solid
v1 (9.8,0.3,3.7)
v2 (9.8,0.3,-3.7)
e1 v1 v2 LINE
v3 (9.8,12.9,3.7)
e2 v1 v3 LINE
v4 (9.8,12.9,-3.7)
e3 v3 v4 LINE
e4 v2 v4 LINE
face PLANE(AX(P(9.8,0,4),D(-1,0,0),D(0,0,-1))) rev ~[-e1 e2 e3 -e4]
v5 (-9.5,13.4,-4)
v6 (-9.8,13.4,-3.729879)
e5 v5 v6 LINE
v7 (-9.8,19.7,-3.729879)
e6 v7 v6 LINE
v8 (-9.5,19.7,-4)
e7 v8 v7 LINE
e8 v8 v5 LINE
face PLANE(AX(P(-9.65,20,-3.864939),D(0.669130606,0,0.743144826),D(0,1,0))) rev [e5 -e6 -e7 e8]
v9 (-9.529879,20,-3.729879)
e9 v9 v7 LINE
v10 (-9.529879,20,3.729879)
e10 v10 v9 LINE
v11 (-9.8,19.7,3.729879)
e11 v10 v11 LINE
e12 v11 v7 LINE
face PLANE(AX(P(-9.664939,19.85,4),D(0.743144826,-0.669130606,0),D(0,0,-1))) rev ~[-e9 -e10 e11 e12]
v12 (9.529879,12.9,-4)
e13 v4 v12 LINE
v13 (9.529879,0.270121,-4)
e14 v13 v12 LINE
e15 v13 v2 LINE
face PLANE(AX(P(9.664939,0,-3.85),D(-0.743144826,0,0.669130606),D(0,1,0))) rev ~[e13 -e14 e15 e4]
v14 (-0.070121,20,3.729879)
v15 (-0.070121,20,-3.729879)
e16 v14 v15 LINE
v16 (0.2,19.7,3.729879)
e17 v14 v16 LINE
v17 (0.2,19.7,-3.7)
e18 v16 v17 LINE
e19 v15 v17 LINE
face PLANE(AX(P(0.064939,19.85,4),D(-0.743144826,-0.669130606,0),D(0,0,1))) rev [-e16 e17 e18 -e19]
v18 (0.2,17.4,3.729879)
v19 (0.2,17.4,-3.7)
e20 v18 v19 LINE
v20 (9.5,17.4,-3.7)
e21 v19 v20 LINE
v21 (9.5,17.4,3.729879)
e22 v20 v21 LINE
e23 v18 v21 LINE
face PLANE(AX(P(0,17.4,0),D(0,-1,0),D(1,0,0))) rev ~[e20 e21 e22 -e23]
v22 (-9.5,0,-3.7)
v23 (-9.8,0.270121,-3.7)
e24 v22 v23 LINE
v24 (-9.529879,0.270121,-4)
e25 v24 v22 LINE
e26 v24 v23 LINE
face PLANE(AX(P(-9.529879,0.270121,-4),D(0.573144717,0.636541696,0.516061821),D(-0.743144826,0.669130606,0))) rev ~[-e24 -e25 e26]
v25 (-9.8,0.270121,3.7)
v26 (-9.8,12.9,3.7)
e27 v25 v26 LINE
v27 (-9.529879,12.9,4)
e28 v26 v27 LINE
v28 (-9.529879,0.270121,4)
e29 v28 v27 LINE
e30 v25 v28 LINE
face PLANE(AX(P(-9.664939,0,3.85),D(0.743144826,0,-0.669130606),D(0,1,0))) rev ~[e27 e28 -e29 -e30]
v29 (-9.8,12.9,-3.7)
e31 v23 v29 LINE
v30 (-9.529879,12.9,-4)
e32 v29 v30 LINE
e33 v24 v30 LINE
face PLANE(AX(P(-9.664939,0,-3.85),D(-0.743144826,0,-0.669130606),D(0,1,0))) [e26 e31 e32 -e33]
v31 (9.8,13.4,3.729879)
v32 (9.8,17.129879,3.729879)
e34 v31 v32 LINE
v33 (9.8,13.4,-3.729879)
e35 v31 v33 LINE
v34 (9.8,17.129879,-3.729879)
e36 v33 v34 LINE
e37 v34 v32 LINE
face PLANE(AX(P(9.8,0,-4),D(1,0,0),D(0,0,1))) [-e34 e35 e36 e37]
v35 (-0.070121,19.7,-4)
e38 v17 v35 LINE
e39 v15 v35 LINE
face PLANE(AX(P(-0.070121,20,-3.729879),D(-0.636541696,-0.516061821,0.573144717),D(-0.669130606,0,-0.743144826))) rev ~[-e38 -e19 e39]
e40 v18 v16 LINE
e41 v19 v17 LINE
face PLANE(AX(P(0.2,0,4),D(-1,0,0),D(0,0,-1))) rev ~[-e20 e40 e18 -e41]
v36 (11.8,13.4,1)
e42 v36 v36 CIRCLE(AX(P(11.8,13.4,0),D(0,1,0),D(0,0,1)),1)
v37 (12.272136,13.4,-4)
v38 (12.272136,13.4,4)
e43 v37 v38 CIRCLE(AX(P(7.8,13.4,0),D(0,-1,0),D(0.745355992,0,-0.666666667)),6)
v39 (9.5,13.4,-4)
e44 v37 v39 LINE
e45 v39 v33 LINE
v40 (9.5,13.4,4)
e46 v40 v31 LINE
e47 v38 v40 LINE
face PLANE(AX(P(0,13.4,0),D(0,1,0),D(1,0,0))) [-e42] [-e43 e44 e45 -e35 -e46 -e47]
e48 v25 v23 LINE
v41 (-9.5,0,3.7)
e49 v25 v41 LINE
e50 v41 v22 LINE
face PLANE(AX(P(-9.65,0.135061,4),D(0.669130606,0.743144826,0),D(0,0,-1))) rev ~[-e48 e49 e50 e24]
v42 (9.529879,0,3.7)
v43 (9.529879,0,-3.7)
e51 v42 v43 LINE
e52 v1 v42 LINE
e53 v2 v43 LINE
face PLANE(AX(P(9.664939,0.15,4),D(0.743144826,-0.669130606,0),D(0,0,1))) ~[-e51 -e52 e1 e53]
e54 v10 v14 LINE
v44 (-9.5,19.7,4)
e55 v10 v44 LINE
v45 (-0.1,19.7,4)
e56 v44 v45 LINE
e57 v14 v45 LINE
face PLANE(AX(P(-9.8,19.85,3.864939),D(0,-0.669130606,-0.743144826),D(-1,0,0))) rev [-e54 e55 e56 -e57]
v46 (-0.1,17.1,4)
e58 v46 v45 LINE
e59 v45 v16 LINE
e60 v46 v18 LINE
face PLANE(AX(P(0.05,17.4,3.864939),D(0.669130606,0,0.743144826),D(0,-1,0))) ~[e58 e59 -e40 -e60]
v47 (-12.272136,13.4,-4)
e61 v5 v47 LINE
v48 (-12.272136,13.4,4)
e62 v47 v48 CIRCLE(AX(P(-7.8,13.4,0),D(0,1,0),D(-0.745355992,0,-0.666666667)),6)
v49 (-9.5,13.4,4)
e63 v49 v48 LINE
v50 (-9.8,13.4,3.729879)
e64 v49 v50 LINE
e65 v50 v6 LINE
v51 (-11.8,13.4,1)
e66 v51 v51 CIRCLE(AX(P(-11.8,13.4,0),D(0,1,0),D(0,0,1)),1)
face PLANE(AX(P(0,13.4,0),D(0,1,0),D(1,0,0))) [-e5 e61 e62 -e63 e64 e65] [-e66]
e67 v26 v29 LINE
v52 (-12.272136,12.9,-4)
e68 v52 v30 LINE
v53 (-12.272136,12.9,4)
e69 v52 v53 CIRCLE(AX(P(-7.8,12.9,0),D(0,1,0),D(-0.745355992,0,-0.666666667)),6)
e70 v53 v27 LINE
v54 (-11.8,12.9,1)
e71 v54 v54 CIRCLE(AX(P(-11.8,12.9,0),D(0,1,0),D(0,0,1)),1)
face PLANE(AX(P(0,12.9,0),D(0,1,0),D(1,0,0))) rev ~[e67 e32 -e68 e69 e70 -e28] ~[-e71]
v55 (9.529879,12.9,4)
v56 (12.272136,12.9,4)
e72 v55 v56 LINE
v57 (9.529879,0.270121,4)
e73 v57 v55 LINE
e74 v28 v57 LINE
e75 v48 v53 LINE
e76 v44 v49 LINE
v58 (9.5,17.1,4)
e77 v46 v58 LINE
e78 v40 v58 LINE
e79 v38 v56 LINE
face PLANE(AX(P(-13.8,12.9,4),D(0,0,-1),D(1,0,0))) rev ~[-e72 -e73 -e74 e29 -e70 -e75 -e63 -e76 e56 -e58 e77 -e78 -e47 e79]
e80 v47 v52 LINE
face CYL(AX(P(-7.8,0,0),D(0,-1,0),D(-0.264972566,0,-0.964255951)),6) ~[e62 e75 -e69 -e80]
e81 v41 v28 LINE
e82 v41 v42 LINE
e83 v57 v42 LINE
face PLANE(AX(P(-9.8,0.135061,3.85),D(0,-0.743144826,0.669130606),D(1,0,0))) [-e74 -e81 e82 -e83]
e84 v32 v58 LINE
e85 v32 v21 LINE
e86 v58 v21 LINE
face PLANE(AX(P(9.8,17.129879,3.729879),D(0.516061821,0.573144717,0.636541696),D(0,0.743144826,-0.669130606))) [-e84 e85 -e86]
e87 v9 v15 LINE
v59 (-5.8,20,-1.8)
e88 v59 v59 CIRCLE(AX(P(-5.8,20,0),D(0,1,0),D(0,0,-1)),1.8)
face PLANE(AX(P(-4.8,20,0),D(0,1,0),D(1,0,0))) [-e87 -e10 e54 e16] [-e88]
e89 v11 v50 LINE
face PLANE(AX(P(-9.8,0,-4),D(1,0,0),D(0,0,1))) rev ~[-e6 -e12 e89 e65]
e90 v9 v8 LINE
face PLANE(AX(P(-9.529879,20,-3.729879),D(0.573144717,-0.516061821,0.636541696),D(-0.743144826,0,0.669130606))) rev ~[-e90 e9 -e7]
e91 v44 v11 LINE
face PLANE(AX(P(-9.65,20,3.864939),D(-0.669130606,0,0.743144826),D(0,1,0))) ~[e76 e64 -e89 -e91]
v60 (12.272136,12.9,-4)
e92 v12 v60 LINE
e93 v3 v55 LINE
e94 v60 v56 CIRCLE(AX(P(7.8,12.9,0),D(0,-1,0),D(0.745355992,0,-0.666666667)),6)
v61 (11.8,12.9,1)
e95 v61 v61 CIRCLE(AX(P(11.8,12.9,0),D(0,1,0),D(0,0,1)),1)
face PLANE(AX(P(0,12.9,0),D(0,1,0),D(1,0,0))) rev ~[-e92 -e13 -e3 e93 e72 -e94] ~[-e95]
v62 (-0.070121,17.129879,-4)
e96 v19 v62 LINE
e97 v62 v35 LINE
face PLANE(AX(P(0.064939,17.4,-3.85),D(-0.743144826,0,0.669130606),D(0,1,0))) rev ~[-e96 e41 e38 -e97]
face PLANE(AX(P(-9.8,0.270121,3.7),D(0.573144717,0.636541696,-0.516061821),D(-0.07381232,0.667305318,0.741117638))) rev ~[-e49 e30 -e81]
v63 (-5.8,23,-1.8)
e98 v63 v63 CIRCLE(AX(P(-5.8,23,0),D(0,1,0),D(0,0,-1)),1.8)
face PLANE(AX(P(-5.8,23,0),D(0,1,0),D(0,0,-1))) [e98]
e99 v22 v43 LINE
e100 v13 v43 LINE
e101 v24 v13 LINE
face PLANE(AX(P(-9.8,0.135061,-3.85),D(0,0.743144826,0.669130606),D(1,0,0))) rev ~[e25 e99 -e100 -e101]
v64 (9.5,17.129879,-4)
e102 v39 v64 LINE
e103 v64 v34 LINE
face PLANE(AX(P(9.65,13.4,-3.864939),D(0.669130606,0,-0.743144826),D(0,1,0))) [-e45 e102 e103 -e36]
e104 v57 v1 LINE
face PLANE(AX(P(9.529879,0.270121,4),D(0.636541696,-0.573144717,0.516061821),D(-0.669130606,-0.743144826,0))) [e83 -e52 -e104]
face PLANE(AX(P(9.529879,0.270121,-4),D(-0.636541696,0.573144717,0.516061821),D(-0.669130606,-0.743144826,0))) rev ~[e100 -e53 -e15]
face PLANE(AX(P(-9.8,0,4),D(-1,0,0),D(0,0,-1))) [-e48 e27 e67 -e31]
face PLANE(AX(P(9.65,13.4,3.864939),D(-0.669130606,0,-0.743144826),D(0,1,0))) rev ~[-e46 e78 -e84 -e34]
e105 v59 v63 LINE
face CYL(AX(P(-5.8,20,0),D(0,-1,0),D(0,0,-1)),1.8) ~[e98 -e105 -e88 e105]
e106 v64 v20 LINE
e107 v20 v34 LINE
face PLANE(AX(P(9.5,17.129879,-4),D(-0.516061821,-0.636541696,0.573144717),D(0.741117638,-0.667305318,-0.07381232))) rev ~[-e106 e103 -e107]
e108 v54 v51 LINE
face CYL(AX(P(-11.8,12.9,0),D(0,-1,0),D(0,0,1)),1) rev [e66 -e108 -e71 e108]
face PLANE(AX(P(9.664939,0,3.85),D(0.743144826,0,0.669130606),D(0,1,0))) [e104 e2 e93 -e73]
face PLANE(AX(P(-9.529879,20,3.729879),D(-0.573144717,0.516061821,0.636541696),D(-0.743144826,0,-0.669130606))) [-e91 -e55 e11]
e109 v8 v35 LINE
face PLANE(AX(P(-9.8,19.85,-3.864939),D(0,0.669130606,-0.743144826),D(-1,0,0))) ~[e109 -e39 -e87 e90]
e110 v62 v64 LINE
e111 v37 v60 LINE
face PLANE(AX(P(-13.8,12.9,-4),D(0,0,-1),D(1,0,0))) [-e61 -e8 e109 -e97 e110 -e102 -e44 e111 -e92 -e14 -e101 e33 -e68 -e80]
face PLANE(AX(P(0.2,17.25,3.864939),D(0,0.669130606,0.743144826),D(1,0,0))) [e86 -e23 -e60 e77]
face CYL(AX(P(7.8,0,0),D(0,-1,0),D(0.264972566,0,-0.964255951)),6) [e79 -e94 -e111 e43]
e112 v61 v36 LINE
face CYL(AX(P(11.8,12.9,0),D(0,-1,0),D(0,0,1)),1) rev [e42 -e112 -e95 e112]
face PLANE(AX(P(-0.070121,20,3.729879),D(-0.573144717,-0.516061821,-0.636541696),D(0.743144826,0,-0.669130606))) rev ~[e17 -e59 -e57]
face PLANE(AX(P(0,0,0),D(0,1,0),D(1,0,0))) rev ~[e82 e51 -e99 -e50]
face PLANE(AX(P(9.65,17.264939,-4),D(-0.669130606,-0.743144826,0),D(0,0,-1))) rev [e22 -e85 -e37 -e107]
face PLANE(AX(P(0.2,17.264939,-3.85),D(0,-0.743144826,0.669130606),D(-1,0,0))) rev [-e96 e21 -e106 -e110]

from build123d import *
from OCP.BRepFilletAPI import BRepFilletAPI_MakeChamfer

# Parameters (mm, degrees)
SKETCH_1_W          = 19.6
SKETCH_1_H          = 8
EXTRUDE_1_DEPTH     = 12.9
SKETCH_2_W          = 27.6
SKETCH_2_H          = 8
SKETCH_2_R          = 1
EXTRUDE_2_DEPTH     = 0.5
SKETCH_3_W          = 19.6
SKETCH_3_H          = 8
EXTRUDE_3_DEPTH     = 17.4
SKETCH_4_W          = 10
SKETCH_4_H          = 8
EXTRUDE_5_DEPTH     = 20
SKETCH_6_R          = 1.8
EXTRUDE_6_DEPTH     = 3
CUT_EXTRUDE_2_DEPTH = 17
CHAMFER_1_SIZE      = 0.3
CHAMFER_1_SIZE2     = 0.270121213


with BuildPart() as part:
    # 草图1 → 凸台-拉伸1 (new body)
    with BuildSketch(Plane(origin=(0, 0, 0), x_dir=(1, 0, 0), z_dir=(0, 1, 0))):
        Rectangle(SKETCH_1_W, SKETCH_1_H)
    extrude(amount=EXTRUDE_1_DEPTH)

    # 草图2 → 凸台-拉伸2 (add)
    with BuildSketch(Plane(origin=(0, 12.9, 0), x_dir=(1, 0, 0), z_dir=(0, 1, 0))):
        Rectangle(SKETCH_2_W, SKETCH_2_H)
        with Locations(Location((-11.8, 0, 0), (0, 0, 270))):
            Circle(SKETCH_2_R, mode=Mode.SUBTRACT)
        with Locations(Location((11.8, 0, 0), (0, 0, 270))):
            Circle(SKETCH_2_R, mode=Mode.SUBTRACT)
    extrude(amount=EXTRUDE_2_DEPTH)

    # 草图3 → 凸台-拉伸3 (add)
    with BuildSketch(Plane.XZ):
        Rectangle(SKETCH_3_W, SKETCH_3_H)
    extrude(amount=-EXTRUDE_3_DEPTH)

    # 草图4 → 凸台-拉伸5 (add)
    with BuildSketch(Plane(origin=(0, 0, 0), x_dir=(1, 0, 0), z_dir=(0, 1, 0))):
        with Locations((-4.8, 0)):
            Rectangle(SKETCH_4_W, SKETCH_4_H)
    extrude(amount=EXTRUDE_5_DEPTH)

    # 草图6 → 凸台-拉伸6 (add)
    with BuildSketch(Plane(origin=(0, 20, 0), x_dir=(1, 0, 0), z_dir=(0, 1, 0))):
        with Locations(Location((-5.8, 0, 0), (0, 0, 90))):
            Circle(SKETCH_6_R)
    extrude(amount=EXTRUDE_6_DEPTH)

    # 草图7 → 切除-拉伸2 (cut)
    with BuildSketch(Plane.XZ):
        with BuildLine():
            Line((14.367004184, -5.785535706), (9.389835398, -5.785535706))
            ThreePointArc((9.389835398, -5.785535706), (13.783545245, -0.444056645), (10.226439047, 5.487476064))
            Line((10.226439047, 5.487476064), (14.54010062, 5.487476064))
            Line((14.54010062, 5.487476064), (14.367004184, -5.785535706))
        make_face()
        with BuildLine():
            Line((-10.226439047, 5.487476064), (-14.54010062, 5.487476064))
            Line((-14.54010062, 5.487476064), (-14.367004184, -5.785535706))
            Line((-14.367004184, -5.785535706), (-9.389835398, -5.785535706))
            ThreePointArc((-9.389835398, -5.785535706), (-13.783545245, -0.444056645), (-10.226439047, 5.487476064))
        make_face()
    extrude(amount=-CUT_EXTRUDE_2_DEPTH, mode=Mode.SUBTRACT)

    # 倒角1: one chamfer whose edges measure the first distance from different faces: ONE call of the kernel's chamfer builder (chamfer() names one face for all edges)
    chamfer_1_edges_1 = [part.edges().sort_by_distance(p)[0] for p in [
        (9.8, 15.4, -4),
        (-9.8, 16.7, -4),
        (-4.8, 20, -4),
    ]]
    chamfer_1_side_1 = [part.faces().sort_by_distance(p)[0] for p in [
        (-0.337742628, 9.433402177, -4),
    ]]
    chamfer_1_edges_2 = [part.edges().sort_by_distance(p)[0] for p in [
        (-9.8, 16.7, 4),
        (5, 17.4, 4),
        (9.8, 15.4, 4),
        (0.2, 18.7, 4),
        (-4.8, 20, 4),
    ]]
    chamfer_1_side_2 = [part.faces().sort_by_distance(p)[0] for p in [
        (-0.337742628, 9.433402177, 4),
    ]]
    chamfer_1_edges_3 = [part.edges().sort_by_distance(p)[0] for p in [
        (9.8, 17.4, 0),
        (5, 17.4, -4),
    ]]
    chamfer_1_side_3 = [part.faces().sort_by_distance(p)[0] for p in [
        (5, 17.4, 0),
    ]]
    chamfer_1_edges_4 = [part.edges().sort_by_distance(p)[0] for p in [
        (0, 0, 4),
        (-9.8, 0, 0),
        (0, 0, -4),
    ]]
    chamfer_1_side_4 = [part.faces().sort_by_distance(p)[0] for p in [
        (0, 0, 0),
    ]]
    chamfer_1_edges_5 = [part.edges().sort_by_distance(p)[0] for p in [
        (0.2, 18.7, -4),
        (0.2, 20, 0),
    ]]
    chamfer_1_side_5 = [part.faces().sort_by_distance(p)[0] for p in [
        (0.2, 18.7, 0),
    ]]
    chamfer_1_edges_6 = [part.edges().sort_by_distance(p)[0] for p in [
        (9.8, 0, 0),
        (9.8, 6.45, 4),
        (9.8, 6.45, -4),
    ]]
    chamfer_1_side_6 = [part.faces().sort_by_distance(p)[0] for p in [
        (9.8, 6.45, 0),
    ]]
    chamfer_1_edges_7 = [part.edges().sort_by_distance(p)[0] for p in [
        (-9.8, 20, 0),
    ]]
    chamfer_1_side_7 = [part.faces().sort_by_distance(p)[0] for p in [
        (-9.8, 16.7, 0),
    ]]
    chamfer_1_edges_8 = [part.edges().sort_by_distance(p)[0] for p in [
        (-9.8, 6.45, 4),
        (-9.8, 6.45, -4),
    ]]
    chamfer_1_side_8 = [part.faces().sort_by_distance(p)[0] for p in [
        (-9.8, 6.45, 0),
    ]]
    chamfer_1 = BRepFilletAPI_MakeChamfer(part.part.solid().wrapped)
    for e in chamfer_1_edges_1:
        chamfer_1.Add(CHAMFER_1_SIZE, CHAMFER_1_SIZE2, e.wrapped, chamfer_1_side_1[0].wrapped)  # the first distance lies on this face
    for e in chamfer_1_edges_2:
        chamfer_1.Add(CHAMFER_1_SIZE, CHAMFER_1_SIZE2, e.wrapped, chamfer_1_side_2[0].wrapped)  # the first distance lies on this face
    for e in chamfer_1_edges_3:
        chamfer_1.Add(CHAMFER_1_SIZE, CHAMFER_1_SIZE2, e.wrapped, chamfer_1_side_3[0].wrapped)  # the first distance lies on this face
    for e in chamfer_1_edges_4:
        chamfer_1.Add(CHAMFER_1_SIZE, CHAMFER_1_SIZE2, e.wrapped, chamfer_1_side_4[0].wrapped)  # the first distance lies on this face
    for e in chamfer_1_edges_5:
        chamfer_1.Add(CHAMFER_1_SIZE, CHAMFER_1_SIZE2, e.wrapped, chamfer_1_side_5[0].wrapped)  # the first distance lies on this face
    for e in chamfer_1_edges_6:
        chamfer_1.Add(CHAMFER_1_SIZE, CHAMFER_1_SIZE2, e.wrapped, chamfer_1_side_6[0].wrapped)  # the first distance lies on this face
    for e in chamfer_1_edges_7:
        chamfer_1.Add(CHAMFER_1_SIZE, CHAMFER_1_SIZE2, e.wrapped, chamfer_1_side_7[0].wrapped)  # the first distance lies on this face
    for e in chamfer_1_edges_8:
        chamfer_1.Add(CHAMFER_1_SIZE, CHAMFER_1_SIZE2, e.wrapped, chamfer_1_side_8[0].wrapped)  # the first distance lies on this face
    add(Compound.cast(chamfer_1.Shape()), mode=Mode.REPLACE)


solid = part.part
